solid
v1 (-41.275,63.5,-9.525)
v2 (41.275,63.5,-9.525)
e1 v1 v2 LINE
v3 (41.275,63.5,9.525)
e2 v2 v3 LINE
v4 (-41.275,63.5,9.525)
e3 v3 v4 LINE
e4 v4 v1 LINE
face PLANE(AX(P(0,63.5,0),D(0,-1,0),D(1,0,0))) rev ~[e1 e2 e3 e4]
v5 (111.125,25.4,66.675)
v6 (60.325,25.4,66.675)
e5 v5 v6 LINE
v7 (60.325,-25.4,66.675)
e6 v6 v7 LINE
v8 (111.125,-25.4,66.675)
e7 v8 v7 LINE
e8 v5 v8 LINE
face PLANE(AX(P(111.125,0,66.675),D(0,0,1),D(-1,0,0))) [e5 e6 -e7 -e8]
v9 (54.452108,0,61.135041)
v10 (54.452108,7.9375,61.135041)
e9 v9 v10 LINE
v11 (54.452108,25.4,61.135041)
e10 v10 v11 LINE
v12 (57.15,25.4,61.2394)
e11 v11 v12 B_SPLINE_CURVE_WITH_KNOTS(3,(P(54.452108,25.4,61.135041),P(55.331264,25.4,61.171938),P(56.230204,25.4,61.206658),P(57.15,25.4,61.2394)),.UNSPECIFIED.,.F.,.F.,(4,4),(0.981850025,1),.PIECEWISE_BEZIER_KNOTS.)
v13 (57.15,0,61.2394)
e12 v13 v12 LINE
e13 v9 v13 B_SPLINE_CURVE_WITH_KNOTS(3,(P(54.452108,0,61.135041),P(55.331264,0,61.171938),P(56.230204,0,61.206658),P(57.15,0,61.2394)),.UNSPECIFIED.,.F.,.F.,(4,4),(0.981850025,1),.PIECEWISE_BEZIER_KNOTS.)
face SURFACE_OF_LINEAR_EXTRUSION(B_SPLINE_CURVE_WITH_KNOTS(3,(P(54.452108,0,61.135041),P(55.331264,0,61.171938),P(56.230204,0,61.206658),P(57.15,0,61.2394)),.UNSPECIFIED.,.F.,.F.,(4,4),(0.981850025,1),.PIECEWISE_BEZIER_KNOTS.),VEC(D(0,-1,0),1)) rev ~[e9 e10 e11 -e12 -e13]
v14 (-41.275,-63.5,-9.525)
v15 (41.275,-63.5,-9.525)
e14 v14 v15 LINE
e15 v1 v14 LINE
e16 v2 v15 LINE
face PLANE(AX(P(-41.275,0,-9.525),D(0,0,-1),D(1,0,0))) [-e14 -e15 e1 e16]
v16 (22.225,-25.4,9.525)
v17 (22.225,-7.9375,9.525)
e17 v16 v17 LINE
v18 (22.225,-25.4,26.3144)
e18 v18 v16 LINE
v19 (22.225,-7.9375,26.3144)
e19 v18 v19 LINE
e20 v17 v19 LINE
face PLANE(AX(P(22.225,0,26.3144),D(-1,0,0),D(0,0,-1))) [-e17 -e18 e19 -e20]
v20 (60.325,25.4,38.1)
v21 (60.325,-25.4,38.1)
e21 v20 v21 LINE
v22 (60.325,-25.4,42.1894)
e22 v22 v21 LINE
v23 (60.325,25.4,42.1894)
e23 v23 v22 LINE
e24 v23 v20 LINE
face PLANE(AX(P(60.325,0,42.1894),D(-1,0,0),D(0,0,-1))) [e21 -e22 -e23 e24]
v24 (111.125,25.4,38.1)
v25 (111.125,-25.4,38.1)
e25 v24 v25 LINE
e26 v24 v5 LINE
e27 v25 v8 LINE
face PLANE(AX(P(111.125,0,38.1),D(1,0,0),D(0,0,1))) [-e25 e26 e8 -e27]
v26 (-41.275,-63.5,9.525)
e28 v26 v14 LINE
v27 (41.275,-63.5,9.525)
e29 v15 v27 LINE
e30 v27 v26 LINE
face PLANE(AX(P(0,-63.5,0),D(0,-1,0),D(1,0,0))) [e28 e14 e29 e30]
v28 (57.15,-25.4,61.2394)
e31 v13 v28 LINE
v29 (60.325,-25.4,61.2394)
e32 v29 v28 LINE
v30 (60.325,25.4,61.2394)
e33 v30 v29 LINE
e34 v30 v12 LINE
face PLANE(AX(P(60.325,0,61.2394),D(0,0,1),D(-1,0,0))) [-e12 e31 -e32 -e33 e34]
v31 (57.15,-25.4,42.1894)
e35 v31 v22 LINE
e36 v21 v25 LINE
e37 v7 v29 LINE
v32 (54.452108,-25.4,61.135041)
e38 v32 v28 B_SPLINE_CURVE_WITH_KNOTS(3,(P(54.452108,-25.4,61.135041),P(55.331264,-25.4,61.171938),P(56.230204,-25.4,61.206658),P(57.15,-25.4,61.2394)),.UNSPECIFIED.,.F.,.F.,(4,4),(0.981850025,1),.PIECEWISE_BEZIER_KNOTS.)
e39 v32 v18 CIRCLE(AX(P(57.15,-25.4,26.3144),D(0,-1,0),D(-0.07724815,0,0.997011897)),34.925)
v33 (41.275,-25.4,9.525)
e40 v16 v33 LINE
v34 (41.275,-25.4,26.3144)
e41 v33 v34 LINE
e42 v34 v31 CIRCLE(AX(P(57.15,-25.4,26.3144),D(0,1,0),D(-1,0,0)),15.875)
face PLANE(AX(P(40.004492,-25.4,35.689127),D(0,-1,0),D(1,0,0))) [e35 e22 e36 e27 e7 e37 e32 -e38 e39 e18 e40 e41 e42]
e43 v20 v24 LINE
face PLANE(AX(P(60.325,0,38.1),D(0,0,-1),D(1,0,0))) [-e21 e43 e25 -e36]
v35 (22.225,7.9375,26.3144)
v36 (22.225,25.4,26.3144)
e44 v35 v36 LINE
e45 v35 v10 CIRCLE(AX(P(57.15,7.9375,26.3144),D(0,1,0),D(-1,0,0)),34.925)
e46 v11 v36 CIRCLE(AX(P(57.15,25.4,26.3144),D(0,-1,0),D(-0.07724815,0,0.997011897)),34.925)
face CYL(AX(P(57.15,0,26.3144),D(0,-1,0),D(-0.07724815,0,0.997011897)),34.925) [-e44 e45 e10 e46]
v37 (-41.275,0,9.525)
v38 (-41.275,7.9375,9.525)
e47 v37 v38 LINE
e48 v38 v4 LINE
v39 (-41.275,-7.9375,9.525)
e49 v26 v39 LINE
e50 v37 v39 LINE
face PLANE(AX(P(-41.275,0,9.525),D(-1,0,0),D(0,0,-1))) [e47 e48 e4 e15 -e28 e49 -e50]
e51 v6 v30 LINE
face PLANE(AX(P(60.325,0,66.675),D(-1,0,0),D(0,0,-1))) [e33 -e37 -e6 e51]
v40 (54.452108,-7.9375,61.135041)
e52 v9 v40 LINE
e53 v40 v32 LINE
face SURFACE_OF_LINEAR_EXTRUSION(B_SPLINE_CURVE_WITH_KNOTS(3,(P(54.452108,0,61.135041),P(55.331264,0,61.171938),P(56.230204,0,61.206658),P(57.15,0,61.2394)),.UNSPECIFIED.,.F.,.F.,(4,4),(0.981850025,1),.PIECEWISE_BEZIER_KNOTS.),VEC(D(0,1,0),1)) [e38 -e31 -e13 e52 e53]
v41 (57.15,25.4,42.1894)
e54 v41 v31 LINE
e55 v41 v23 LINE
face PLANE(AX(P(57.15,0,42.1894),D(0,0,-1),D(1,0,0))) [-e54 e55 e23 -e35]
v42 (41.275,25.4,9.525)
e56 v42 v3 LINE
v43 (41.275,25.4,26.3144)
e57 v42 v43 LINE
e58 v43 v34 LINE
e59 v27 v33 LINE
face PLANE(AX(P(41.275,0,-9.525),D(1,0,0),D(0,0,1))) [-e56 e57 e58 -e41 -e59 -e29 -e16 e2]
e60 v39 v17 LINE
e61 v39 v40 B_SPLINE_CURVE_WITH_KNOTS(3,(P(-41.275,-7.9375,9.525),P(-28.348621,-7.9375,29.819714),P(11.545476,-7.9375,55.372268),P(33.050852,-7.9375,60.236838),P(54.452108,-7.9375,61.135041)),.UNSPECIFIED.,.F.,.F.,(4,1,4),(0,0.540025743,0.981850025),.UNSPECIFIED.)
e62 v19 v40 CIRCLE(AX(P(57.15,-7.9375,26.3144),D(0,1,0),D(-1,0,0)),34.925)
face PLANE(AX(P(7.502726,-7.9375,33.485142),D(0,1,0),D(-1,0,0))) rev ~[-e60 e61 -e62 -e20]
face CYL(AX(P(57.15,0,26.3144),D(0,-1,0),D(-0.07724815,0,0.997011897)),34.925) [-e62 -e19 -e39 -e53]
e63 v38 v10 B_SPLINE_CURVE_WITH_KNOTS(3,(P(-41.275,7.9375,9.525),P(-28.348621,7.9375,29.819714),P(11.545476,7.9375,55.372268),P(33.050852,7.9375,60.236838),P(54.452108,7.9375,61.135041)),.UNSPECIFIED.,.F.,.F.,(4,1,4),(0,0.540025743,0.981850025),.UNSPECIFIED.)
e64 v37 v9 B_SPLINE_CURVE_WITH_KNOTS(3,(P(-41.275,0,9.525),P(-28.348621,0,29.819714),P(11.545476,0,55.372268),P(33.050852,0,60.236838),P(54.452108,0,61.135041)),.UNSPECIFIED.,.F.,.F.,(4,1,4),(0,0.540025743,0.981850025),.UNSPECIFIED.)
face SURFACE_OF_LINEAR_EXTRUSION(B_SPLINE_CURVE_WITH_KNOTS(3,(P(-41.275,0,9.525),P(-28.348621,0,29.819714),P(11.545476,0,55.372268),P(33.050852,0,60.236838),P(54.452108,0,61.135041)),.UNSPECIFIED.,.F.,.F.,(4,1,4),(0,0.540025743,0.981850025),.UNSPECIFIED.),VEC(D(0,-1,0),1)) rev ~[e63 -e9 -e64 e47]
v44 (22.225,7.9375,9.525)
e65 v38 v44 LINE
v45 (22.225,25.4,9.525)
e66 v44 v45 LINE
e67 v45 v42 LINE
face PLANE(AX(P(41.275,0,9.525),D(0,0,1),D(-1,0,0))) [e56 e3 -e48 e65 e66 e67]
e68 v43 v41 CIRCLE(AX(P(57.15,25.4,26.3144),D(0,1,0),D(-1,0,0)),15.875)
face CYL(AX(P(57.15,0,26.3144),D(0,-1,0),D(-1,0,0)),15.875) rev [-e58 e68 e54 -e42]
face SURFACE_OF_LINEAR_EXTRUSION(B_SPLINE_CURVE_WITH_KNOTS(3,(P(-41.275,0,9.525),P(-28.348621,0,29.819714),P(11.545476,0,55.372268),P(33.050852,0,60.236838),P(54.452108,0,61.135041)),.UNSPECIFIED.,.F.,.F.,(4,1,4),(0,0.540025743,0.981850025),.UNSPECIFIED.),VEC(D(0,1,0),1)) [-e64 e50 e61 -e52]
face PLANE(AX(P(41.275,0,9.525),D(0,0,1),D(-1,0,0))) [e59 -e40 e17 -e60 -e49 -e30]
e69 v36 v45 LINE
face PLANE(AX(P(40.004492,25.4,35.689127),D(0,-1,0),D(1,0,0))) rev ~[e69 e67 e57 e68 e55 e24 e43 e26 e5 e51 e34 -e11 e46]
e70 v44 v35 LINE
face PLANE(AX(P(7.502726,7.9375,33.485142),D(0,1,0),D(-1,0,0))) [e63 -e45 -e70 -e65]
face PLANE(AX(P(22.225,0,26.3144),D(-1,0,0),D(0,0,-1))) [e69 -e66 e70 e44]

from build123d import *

# Parameters (mm, degrees)
F1_DEPTH = 63.5
F2_DEPTH = 25.4
F3_DEPTH = 7.9375


with BuildPart() as f1:
    # F0 (on Front) → F1 (new body, symmetric)
    with BuildSketch(Plane.XZ):
        Polygon((-41.275, 9.525), (-41.275, -9.525), (41.275, -9.525), (41.275, 9.525), (22.225, 9.525), align=None)
    extrude(amount=F1_DEPTH, both=True)

    # F0 (on Front) → F2 (join, symmetric)
    with BuildSketch(Plane.XZ):
        with BuildLine():
            Line((22.225, 9.525), (41.275, 9.525))
            Line((41.275, 9.525), (41.275, 26.3144))
            ThreePointArc((41.275, 26.3144), (45.9246798487, 37.5397201513), (57.15, 42.1894))
            Line((57.15, 42.1894), (60.325, 42.1894))
            Line((60.325, 42.1894), (60.325, 61.2394))
            Line((60.325, 61.2394), (57.15, 61.2394))
            add(Edge.make_bspline(
                [(54.4521083612, 61.1350405126), (55.3312639193, 61.1719383272), (56.2302041727, 61.2066578487), (57.15, 61.2394)],
                knots=[0.9818500248, 0.9818500248, 0.9818500248, 0.9818500248, 1, 1, 1, 1], degree=3))
            ThreePointArc((54.4521083612, 61.1350405126), (31.5181888029, 50.0370870265), (22.225, 26.3144))
            Line((22.225, 26.3144), (22.225, 9.525))
        make_face()
        Polygon((60.325, 66.675), (60.325, 61.2394), (60.325, 42.1894), (60.325, 38.1), (111.125, 38.1), (111.125, 66.675), align=None)
    extrude(amount=F2_DEPTH, both=True)

    # F0 (on Front) → F3 (join, symmetric)
    with BuildSketch(Plane.XZ):
        with BuildLine():
            add(Edge.make_bspline(
                [(-41.275, 9.525), (-28.348620981, 29.8197139055), (11.5454759395, 55.3722683758), (33.0508519988, 60.2368381598), (54.4521083612, 61.1350405126)],
                knots=[0, 0, 0, 0, 0.540025743, 0.9818500248, 0.9818500248, 0.9818500248, 0.9818500248], degree=3))
            Line((-41.275, 9.525), (22.225, 9.525))
            Line((22.225, 9.525), (22.225, 26.3144))
            ThreePointArc((22.225, 26.3144), (31.5181888029, 50.0370870265), (54.4521083612, 61.1350405126))
        make_face()
    extrude(amount=F3_DEPTH, both=True)


solid = f1.part
